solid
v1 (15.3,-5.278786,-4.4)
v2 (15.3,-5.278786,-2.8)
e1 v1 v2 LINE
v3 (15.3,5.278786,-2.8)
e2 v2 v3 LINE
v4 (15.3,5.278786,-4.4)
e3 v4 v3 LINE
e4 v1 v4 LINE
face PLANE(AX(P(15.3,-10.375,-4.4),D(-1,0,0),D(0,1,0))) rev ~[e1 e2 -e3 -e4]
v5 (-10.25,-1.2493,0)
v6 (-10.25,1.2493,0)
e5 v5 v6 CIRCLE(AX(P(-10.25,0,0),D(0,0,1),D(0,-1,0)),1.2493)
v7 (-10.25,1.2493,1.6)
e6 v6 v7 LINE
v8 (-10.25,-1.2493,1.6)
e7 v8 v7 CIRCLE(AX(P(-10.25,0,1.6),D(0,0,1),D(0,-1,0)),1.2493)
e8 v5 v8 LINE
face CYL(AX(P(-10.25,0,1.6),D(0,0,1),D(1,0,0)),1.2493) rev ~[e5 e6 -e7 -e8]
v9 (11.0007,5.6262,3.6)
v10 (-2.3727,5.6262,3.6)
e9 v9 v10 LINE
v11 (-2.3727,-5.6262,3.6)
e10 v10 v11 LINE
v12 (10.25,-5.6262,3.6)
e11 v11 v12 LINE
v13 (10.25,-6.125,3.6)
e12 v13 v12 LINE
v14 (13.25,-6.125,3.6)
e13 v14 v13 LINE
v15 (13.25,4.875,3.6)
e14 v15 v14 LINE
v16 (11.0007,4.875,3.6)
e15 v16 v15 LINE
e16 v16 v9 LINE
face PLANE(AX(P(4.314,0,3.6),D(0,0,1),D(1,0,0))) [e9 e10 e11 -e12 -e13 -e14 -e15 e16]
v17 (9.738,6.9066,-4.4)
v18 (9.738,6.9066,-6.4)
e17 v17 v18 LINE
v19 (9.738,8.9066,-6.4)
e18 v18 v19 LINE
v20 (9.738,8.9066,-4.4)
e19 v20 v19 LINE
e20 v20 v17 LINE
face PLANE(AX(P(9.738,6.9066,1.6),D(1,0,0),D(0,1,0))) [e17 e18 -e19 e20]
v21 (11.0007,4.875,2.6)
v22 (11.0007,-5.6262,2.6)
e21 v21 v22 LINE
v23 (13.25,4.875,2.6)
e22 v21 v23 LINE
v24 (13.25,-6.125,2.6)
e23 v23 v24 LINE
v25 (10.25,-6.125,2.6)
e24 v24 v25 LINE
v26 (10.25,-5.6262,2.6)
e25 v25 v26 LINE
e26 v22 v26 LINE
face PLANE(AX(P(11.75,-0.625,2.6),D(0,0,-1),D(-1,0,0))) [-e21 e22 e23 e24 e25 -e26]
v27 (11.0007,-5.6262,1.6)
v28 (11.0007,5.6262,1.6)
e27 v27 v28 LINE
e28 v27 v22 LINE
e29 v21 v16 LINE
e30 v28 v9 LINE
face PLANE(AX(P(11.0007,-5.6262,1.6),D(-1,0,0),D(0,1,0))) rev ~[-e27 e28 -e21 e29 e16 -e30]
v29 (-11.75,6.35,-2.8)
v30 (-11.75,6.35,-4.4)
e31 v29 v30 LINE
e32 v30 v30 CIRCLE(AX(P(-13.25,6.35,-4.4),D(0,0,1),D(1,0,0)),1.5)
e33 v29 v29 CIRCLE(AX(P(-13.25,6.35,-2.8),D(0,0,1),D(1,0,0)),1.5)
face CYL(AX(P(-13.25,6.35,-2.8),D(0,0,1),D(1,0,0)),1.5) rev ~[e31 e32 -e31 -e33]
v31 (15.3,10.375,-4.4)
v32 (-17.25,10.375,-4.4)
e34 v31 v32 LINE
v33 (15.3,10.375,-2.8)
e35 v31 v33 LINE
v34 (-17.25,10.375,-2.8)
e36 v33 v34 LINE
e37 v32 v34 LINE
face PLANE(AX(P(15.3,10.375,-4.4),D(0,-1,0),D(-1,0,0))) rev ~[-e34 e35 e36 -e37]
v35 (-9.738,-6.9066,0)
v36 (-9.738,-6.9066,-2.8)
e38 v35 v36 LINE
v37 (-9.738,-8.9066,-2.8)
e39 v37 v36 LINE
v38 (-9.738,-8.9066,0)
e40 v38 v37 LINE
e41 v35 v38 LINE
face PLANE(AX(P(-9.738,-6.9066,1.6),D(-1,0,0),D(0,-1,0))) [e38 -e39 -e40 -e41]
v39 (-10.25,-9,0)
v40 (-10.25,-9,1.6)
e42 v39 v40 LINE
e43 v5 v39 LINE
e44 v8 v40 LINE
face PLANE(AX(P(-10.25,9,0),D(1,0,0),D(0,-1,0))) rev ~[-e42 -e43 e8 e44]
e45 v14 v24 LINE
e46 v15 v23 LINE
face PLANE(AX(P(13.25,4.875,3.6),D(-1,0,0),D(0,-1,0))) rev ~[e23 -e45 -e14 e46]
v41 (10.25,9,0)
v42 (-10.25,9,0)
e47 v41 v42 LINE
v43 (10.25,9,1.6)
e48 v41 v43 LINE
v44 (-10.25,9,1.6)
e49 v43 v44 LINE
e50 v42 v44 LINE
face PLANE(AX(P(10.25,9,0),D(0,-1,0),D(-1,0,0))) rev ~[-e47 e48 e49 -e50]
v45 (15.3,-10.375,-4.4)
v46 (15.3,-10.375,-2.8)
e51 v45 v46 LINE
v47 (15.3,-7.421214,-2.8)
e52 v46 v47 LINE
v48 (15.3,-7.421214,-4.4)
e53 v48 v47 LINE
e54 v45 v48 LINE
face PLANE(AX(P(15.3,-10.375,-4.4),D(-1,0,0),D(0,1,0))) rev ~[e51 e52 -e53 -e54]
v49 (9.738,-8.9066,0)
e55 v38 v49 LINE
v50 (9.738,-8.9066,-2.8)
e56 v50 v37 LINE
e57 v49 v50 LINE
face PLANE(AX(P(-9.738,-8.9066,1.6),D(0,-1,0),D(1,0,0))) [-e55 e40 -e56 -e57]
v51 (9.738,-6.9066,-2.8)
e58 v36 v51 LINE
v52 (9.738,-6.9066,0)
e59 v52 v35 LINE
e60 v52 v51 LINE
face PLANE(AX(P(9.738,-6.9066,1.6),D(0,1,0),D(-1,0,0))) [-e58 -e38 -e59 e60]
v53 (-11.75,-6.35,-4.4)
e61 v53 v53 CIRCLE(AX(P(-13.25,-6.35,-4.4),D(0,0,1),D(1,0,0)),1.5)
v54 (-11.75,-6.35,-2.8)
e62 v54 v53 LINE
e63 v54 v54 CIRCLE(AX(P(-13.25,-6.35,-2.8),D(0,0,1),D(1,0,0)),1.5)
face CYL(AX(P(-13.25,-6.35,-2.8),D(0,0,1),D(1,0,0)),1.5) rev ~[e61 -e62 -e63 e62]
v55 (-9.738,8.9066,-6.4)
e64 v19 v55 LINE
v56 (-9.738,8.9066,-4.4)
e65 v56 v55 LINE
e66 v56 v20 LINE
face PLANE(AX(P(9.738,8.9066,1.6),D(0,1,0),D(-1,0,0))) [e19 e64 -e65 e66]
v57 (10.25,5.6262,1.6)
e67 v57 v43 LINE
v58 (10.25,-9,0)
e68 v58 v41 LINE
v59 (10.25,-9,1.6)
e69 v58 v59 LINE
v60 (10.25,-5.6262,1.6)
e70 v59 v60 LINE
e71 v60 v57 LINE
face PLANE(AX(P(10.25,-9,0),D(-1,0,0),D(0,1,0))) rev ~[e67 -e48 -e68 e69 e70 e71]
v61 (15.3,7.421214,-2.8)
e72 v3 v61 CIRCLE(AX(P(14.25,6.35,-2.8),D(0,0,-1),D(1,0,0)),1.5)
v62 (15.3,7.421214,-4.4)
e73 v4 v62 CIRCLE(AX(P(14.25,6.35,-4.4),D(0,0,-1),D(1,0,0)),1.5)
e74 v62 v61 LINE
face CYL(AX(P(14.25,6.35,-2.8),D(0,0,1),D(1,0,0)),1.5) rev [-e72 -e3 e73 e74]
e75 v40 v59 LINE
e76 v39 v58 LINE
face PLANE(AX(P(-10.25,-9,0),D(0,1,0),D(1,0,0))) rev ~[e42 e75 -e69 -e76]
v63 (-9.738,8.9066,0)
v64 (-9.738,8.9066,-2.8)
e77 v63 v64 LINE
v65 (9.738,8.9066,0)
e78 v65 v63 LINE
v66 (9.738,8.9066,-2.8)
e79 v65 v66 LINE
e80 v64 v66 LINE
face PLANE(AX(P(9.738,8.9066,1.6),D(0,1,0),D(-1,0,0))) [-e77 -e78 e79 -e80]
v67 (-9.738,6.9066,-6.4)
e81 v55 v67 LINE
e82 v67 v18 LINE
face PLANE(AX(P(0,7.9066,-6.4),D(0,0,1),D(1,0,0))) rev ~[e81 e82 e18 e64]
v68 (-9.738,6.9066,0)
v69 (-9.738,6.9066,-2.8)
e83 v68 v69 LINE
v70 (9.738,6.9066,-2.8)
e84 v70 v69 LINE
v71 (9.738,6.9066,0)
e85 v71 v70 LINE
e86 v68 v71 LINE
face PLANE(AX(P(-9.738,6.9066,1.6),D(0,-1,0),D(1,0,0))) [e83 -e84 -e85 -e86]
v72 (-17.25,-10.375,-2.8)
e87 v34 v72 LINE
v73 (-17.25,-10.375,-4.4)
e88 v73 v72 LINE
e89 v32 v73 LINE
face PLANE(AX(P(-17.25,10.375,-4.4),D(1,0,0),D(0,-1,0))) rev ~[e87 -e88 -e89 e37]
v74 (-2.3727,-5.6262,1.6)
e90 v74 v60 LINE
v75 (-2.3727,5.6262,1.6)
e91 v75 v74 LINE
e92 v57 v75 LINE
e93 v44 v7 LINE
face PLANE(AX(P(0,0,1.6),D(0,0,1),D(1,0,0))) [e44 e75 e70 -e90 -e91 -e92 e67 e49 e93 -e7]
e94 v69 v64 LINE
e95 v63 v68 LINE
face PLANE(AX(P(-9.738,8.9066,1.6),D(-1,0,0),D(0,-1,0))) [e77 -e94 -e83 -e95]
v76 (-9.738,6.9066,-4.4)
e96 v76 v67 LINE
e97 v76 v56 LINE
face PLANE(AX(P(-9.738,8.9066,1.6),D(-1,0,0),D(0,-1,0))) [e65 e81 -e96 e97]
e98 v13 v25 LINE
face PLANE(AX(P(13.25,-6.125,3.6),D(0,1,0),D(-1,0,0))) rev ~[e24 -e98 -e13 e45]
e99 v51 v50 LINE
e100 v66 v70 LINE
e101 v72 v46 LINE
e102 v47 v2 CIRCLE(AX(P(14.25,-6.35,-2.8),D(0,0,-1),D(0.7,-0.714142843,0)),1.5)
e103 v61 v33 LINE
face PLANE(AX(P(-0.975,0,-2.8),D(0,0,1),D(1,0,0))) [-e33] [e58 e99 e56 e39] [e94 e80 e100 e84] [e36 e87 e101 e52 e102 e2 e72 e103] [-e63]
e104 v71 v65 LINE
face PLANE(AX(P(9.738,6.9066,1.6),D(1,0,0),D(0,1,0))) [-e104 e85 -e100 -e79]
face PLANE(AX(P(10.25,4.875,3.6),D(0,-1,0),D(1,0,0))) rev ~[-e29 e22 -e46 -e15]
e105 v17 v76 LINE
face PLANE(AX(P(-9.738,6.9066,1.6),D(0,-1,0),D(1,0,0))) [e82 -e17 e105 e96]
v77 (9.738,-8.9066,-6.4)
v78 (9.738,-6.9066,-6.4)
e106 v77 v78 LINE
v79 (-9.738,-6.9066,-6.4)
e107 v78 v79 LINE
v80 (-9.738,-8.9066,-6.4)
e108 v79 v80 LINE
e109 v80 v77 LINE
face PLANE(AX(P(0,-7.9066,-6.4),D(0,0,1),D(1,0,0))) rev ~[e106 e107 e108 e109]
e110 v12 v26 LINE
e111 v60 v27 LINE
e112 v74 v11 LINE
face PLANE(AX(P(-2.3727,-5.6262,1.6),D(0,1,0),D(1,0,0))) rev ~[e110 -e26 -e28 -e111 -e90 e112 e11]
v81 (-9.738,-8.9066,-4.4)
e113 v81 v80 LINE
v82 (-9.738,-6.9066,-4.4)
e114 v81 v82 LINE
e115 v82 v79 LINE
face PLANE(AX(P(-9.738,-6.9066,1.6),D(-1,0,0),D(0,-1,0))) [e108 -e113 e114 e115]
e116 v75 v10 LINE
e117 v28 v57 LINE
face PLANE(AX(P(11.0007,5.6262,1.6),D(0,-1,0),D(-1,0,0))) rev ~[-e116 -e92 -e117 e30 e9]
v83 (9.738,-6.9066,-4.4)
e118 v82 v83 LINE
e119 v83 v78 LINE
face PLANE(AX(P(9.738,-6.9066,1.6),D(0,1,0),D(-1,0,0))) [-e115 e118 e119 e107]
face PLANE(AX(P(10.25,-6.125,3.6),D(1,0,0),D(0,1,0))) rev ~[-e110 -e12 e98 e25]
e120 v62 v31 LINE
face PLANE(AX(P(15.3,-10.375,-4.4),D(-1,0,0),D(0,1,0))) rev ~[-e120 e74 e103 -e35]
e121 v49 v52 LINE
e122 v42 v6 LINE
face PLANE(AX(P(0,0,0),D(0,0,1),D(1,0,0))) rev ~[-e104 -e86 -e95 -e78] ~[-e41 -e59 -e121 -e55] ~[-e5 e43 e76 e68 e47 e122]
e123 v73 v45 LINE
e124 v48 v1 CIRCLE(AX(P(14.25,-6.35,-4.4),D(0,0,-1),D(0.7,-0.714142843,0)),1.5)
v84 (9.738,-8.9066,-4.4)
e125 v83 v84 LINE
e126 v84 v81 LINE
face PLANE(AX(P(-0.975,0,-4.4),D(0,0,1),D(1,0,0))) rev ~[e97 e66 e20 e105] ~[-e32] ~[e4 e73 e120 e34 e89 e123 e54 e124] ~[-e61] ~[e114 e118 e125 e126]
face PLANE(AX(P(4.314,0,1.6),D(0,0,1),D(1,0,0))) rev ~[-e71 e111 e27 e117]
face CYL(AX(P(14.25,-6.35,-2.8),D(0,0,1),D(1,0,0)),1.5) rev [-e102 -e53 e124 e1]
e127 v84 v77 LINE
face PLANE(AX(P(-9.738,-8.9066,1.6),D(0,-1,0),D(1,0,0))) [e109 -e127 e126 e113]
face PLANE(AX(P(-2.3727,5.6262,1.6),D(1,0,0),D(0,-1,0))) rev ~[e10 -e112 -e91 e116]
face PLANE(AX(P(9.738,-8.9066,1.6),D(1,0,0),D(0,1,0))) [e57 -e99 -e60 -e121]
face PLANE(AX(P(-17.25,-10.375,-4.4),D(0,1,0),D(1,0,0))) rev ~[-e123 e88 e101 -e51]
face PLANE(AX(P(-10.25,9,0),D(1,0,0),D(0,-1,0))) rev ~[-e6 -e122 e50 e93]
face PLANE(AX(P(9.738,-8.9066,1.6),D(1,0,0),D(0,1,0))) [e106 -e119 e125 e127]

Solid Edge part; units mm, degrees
sketch "Sketch1" plane through (0, 0, 0) normal (0, 0, 1) x (1, 0, 0)
  line L0 (-10.25, 9) -> (-10.25, -9)
  line L1 (-10.25, -9) -> (10.25, -9)
  line L2 (10.25, -9) -> (10.25, 9)
  line L3 (10.25, 9) -> (-10.25, 9)
extrude "Protrusion1" add sketch "Sketch1" along normal blind 1.6
sketch "Sketch2" plane through (0, 0, 1.6) normal (0, 0, 1) x (1, 0, 0)
  circle A0 centre (-10.25, 0) radius 1.2493
extrude "Cutout1" cut sketch "Sketch2" against normal up to vertex (1.6 mm away)
sketch "Sketch3" plane through (0, 0, 1.6) normal (0, 0, 1) x (1, 0, 0)
  line L0 (9.738, 8.9066) -> (-9.738, 8.9066)
  line L1 (-9.738, 8.9066) -> (-9.738, 6.9066)
  line L2 (-9.738, 6.9066) -> (9.738, 6.9066)
  line L3 (9.738, 6.9066) -> (9.738, 8.9066)
  line L4 (9.738, -8.9066) -> (9.738, -6.9066)
  line L5 (9.738, -6.9066) -> (-9.738, -6.9066)
  line L6 (-9.738, -6.9066) -> (-9.738, -8.9066)
  line L7 (-9.738, -8.9066) -> (9.738, -8.9066)
  dimension "D1" = 2
extrude "ExtrudedProtrusion_2" add sketch "Sketch3" against normal blind 8
sketch "Sketch4" plane through (0, 0, 1.6) normal (0, 0, 1) x (1, 0, 0)
  line L0 (11.0007, 5.6262) -> (-2.3727, 5.6262)
  line L1 (-2.3727, 5.6262) -> (-2.3727, -5.6262)
  line L2 (-2.3727, -5.6262) -> (11.0007, -5.6262)
  line L3 (11.0007, -5.6262) -> (11.0007, 5.6262)
extrude "ExtrudedProtrusion_3" add sketch "Sketch4" along normal blind 2
sketch "Sketch5" plane through (0, 0, -4.4) normal (0, 0, 1) x (1, 0, 0)
  line L0 (15.3, -10.375) -> (15.3, 10.375)
  line L1 (15.3, 10.375) -> (-17.25, 10.375)
  line L2 (-17.25, 10.375) -> (-17.25, -10.375)
  line L3 (-17.25, -10.375) -> (15.3, -10.375)
extrude "ExtrudedProtrusion_4" add sketch "Sketch5" along normal blind 1.6
sketch "Sketch6" plane through (-0.975, 0, -2.8) normal (0, 0, 1) x (1, 0, 0)
  circle A0 centre (-12.275, 6.35) radius 1.5
  circle A1 centre (-12.275, -6.35) radius 1.5
  arc A2 (13.8632, -5.7211) -> (16.275, -5.2788) centre (15.225, -6.35) cw
  line L0 (16.275, -7.4212) -> (16.275, -5.2788)
  arc A3 (16.275, -7.4212) -> (13.8632, -5.7211) centre (15.225, -6.35) cw
  arc A4 (16.275, 5.2788) -> (16.275, 7.4212) centre (15.225, 6.35) cw
  line L1 (16.275, 5.2788) -> (16.275, 7.4212)
extrude "Cutout2" cut sketch "Sketch6" against normal up to vertex (1.6 mm away)
sketch "Sketch7" plane through (4.314, 0, 3.6) normal (0, 0, 1) x (0, -1, 0)
  line L0 (-4.875, 8.936) -> (6.125, 8.936)
  line L1 (6.125, 8.936) -> (6.125, 5.936)
  line L2 (6.125, 5.936) -> (-4.875, 5.936)
  line L3 (-4.875, 5.936) -> (-4.875, 8.936)
extrude "ExtrudedProtrusion_5" add sketch "Sketch7" against normal blind 1
properties material "Steel"
